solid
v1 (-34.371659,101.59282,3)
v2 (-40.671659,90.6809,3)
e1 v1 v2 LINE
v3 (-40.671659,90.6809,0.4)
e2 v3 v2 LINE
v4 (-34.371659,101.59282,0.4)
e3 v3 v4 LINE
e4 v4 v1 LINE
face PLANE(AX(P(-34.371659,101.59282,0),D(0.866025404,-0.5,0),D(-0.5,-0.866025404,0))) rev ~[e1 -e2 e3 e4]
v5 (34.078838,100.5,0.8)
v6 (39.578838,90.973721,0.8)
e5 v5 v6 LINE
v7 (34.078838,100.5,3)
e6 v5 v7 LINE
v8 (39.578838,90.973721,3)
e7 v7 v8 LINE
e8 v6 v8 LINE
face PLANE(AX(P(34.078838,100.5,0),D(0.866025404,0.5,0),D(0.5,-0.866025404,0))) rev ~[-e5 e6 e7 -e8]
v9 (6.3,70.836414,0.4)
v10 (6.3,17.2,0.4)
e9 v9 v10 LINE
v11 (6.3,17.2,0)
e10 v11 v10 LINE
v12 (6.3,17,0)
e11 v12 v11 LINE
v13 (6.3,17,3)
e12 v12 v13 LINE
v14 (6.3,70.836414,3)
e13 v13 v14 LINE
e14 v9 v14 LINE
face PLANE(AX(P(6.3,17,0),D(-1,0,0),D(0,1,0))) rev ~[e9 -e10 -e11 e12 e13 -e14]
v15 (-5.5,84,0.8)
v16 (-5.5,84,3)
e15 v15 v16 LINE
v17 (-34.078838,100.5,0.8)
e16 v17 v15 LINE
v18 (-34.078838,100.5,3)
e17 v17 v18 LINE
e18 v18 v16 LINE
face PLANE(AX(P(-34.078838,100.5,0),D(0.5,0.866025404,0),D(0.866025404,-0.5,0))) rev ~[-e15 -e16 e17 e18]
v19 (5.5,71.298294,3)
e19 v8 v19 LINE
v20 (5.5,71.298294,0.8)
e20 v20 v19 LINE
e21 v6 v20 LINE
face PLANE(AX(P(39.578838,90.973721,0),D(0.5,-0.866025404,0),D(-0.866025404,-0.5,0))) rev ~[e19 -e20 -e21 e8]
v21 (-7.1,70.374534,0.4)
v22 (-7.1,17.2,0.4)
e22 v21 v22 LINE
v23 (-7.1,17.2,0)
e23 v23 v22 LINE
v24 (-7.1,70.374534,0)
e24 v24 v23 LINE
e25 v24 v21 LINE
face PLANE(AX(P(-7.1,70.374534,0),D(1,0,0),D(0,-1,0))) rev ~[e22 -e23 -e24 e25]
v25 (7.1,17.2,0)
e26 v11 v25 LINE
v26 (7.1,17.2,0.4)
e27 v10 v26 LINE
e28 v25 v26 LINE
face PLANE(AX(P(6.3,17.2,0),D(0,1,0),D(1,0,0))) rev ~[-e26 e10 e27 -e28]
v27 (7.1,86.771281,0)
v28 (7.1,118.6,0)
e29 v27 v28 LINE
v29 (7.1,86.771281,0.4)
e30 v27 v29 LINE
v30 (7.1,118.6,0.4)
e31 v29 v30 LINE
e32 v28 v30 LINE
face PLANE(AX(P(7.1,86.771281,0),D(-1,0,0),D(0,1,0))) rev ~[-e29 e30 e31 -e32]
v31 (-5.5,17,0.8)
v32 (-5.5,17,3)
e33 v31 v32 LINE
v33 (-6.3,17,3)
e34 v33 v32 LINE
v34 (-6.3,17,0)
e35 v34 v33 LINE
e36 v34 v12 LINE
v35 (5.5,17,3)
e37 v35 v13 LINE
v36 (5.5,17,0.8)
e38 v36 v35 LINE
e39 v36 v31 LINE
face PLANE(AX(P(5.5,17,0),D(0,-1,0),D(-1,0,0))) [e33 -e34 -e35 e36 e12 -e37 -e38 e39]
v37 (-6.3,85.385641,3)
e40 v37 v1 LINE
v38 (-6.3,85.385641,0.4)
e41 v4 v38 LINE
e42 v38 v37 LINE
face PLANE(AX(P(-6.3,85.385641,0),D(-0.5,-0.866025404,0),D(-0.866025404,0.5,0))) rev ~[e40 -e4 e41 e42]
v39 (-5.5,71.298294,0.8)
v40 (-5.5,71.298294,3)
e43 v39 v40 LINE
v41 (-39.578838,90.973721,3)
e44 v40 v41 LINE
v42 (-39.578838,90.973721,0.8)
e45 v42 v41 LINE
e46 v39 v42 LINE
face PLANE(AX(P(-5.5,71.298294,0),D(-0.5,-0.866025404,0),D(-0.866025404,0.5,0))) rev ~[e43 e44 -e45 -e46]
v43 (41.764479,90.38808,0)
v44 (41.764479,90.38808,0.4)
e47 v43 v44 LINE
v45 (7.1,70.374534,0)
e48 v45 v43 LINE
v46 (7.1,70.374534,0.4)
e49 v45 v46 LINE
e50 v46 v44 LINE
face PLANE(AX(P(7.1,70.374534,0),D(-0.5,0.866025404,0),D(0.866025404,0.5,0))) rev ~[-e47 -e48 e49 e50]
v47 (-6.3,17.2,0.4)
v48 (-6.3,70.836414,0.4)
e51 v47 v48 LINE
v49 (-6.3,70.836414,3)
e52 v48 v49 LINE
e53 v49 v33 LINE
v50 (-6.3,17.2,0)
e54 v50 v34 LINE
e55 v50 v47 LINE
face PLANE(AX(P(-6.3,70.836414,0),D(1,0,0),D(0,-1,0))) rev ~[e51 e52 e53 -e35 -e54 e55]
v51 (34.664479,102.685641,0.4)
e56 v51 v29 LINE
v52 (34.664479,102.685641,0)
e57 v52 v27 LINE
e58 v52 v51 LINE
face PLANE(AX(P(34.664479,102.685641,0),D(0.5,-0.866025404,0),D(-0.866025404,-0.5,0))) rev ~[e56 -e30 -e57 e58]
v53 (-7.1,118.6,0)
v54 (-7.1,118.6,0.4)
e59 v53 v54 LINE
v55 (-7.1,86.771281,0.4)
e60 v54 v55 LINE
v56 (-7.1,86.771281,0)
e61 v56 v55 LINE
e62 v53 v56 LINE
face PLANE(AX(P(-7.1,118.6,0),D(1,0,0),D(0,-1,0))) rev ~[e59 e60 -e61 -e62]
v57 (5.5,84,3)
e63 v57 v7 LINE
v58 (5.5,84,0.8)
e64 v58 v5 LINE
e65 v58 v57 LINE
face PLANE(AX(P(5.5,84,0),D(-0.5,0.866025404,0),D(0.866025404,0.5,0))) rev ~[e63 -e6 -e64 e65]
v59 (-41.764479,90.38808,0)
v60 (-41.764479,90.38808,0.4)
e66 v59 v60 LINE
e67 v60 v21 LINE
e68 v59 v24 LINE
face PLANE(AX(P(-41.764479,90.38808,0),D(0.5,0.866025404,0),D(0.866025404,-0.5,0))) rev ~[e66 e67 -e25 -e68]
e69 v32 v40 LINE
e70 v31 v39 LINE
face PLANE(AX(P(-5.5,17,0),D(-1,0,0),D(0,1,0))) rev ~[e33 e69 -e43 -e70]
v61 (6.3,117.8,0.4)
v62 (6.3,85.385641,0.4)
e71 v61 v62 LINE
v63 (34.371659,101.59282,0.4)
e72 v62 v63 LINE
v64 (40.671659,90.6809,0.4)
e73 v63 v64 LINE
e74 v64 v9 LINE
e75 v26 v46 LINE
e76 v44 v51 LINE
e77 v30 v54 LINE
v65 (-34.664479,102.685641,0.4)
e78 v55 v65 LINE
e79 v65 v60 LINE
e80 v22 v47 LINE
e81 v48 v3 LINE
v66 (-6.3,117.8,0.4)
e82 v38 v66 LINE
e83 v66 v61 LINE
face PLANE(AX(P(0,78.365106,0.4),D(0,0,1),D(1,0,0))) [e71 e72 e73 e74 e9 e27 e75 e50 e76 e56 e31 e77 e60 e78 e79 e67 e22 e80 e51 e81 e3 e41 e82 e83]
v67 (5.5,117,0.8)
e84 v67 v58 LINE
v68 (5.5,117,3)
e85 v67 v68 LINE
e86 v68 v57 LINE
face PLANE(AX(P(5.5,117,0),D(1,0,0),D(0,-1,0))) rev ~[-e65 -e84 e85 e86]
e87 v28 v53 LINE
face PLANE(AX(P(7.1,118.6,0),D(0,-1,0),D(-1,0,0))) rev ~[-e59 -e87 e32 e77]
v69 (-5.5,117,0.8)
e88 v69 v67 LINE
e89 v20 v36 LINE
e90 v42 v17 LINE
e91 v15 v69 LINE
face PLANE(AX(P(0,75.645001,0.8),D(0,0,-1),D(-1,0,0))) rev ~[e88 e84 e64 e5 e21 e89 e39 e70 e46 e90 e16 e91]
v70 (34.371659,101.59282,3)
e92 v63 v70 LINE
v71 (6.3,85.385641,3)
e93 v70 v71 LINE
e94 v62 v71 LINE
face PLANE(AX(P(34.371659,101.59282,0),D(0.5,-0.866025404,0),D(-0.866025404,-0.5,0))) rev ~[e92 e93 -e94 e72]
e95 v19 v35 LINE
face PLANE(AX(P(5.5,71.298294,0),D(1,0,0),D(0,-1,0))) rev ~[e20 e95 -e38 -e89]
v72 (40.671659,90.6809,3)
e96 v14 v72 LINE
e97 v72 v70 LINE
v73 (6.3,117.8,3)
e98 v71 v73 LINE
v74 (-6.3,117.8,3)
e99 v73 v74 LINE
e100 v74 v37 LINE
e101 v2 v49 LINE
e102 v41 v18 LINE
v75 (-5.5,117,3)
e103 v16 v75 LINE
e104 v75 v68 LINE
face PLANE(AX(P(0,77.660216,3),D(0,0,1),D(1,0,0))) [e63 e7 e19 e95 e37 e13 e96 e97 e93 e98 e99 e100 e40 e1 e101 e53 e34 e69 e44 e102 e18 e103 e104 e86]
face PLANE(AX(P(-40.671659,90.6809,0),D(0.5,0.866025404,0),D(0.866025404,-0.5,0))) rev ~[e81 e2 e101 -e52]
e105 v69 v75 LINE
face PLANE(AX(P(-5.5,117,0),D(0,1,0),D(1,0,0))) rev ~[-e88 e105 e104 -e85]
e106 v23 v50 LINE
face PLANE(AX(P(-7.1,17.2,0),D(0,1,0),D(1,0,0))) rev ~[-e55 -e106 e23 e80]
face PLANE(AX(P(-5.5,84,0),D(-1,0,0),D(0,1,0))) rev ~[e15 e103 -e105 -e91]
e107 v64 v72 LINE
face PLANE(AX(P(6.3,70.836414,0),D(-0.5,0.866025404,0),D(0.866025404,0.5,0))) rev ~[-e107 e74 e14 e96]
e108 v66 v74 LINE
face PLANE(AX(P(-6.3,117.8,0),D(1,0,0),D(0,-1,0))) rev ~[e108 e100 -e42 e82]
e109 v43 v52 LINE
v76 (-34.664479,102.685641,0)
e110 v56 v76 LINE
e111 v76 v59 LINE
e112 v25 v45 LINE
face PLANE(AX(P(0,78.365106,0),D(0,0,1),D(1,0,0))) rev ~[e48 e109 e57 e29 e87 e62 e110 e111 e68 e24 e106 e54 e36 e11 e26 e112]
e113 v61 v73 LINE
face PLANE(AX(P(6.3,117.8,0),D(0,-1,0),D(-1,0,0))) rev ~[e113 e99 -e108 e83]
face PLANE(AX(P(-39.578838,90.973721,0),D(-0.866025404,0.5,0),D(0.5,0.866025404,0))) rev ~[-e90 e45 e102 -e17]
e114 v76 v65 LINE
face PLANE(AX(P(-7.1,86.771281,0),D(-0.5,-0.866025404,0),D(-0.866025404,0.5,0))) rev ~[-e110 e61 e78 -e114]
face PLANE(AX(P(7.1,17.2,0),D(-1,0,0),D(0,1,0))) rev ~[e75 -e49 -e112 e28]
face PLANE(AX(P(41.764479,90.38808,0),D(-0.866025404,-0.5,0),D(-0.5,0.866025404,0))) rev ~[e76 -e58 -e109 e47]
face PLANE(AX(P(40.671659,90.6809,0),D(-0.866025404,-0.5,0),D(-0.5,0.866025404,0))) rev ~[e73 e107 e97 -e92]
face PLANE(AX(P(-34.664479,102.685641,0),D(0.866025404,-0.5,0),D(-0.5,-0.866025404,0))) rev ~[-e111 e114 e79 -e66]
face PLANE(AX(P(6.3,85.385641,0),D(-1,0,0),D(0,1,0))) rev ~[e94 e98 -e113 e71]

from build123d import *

# Parameters (mm, degrees)
BOSS_EXTRUDE1_DEPTH = 3
BOSS_EXTRUDE2_DEPTH = 0.8
BOSS_EXTRUDE3_DEPTH = 0.4


with BuildPart() as part:
    # Sketch1 → Boss-Extrude1 (new body)
    with BuildSketch(Plane.XY):
        Polygon((-5.5, 17), (-5.5, 71.298294078), (-39.578838325, 90.973720558), (-34.078838325, 100.5), (-5.5, 84), (-5.5, 117), (5.5, 117), (5.5, 84), (34.078838325, 100.5), (39.578838325, 90.973720558), (5.5, 71.298294078), (5.5, 17), (6.3, 17), (6.3, 70.836413862), (40.671658648, 90.680900235), (34.371658648, 101.592820323), (6.3, 85.385640646), (6.3, 117.8), (-6.3, 117.8), (-6.3, 85.385640646), (-34.371658648, 101.592820323), (-40.671658648, 90.680900235), (-6.3, 70.836413862), (-6.3, 17), align=None)
    extrude(amount=BOSS_EXTRUDE1_DEPTH)

    # Sketch2 → Boss-Extrude2 (add)
    with BuildSketch(Plane.XY):
        Polygon((-5.5, 17), (-5.5, 71.298294078), (-39.578838325, 90.973720558), (-34.078838325, 100.5), (-5.5, 84), (-5.5, 117), (5.5, 117), (5.5, 84), (34.078838325, 100.5), (39.578838325, 90.973720558), (5.5, 71.298294078), (5.5, 17), align=None)
    extrude(amount=BOSS_EXTRUDE2_DEPTH)

    # Sketch3 → Boss-Extrude3 (add)
    with BuildSketch(Plane.XY):
        Polygon((-6.3, 17.2), (-6.3, 70.836413862), (-40.671658648, 90.680900235), (-34.371658648, 101.592820323), (-6.3, 85.385640646), (-6.3, 117.8), (6.3, 117.8), (6.3, 85.385640646), (34.371658648, 101.592820323), (40.671658648, 90.680900235), (6.3, 70.836413862), (6.3, 17.2), (7.1, 17.2), (7.1, 70.374533647), (41.764478971, 90.388079912), (34.664478971, 102.685640646), (7.1, 86.771281292), (7.1, 118.6), (-7.1, 118.6), (-7.1, 86.771281292), (-34.664478971, 102.685640646), (-41.764478971, 90.388079912), (-7.1, 70.374533647), (-7.1, 17.2), align=None)
    extrude(amount=BOSS_EXTRUDE3_DEPTH)


solid = part.part
